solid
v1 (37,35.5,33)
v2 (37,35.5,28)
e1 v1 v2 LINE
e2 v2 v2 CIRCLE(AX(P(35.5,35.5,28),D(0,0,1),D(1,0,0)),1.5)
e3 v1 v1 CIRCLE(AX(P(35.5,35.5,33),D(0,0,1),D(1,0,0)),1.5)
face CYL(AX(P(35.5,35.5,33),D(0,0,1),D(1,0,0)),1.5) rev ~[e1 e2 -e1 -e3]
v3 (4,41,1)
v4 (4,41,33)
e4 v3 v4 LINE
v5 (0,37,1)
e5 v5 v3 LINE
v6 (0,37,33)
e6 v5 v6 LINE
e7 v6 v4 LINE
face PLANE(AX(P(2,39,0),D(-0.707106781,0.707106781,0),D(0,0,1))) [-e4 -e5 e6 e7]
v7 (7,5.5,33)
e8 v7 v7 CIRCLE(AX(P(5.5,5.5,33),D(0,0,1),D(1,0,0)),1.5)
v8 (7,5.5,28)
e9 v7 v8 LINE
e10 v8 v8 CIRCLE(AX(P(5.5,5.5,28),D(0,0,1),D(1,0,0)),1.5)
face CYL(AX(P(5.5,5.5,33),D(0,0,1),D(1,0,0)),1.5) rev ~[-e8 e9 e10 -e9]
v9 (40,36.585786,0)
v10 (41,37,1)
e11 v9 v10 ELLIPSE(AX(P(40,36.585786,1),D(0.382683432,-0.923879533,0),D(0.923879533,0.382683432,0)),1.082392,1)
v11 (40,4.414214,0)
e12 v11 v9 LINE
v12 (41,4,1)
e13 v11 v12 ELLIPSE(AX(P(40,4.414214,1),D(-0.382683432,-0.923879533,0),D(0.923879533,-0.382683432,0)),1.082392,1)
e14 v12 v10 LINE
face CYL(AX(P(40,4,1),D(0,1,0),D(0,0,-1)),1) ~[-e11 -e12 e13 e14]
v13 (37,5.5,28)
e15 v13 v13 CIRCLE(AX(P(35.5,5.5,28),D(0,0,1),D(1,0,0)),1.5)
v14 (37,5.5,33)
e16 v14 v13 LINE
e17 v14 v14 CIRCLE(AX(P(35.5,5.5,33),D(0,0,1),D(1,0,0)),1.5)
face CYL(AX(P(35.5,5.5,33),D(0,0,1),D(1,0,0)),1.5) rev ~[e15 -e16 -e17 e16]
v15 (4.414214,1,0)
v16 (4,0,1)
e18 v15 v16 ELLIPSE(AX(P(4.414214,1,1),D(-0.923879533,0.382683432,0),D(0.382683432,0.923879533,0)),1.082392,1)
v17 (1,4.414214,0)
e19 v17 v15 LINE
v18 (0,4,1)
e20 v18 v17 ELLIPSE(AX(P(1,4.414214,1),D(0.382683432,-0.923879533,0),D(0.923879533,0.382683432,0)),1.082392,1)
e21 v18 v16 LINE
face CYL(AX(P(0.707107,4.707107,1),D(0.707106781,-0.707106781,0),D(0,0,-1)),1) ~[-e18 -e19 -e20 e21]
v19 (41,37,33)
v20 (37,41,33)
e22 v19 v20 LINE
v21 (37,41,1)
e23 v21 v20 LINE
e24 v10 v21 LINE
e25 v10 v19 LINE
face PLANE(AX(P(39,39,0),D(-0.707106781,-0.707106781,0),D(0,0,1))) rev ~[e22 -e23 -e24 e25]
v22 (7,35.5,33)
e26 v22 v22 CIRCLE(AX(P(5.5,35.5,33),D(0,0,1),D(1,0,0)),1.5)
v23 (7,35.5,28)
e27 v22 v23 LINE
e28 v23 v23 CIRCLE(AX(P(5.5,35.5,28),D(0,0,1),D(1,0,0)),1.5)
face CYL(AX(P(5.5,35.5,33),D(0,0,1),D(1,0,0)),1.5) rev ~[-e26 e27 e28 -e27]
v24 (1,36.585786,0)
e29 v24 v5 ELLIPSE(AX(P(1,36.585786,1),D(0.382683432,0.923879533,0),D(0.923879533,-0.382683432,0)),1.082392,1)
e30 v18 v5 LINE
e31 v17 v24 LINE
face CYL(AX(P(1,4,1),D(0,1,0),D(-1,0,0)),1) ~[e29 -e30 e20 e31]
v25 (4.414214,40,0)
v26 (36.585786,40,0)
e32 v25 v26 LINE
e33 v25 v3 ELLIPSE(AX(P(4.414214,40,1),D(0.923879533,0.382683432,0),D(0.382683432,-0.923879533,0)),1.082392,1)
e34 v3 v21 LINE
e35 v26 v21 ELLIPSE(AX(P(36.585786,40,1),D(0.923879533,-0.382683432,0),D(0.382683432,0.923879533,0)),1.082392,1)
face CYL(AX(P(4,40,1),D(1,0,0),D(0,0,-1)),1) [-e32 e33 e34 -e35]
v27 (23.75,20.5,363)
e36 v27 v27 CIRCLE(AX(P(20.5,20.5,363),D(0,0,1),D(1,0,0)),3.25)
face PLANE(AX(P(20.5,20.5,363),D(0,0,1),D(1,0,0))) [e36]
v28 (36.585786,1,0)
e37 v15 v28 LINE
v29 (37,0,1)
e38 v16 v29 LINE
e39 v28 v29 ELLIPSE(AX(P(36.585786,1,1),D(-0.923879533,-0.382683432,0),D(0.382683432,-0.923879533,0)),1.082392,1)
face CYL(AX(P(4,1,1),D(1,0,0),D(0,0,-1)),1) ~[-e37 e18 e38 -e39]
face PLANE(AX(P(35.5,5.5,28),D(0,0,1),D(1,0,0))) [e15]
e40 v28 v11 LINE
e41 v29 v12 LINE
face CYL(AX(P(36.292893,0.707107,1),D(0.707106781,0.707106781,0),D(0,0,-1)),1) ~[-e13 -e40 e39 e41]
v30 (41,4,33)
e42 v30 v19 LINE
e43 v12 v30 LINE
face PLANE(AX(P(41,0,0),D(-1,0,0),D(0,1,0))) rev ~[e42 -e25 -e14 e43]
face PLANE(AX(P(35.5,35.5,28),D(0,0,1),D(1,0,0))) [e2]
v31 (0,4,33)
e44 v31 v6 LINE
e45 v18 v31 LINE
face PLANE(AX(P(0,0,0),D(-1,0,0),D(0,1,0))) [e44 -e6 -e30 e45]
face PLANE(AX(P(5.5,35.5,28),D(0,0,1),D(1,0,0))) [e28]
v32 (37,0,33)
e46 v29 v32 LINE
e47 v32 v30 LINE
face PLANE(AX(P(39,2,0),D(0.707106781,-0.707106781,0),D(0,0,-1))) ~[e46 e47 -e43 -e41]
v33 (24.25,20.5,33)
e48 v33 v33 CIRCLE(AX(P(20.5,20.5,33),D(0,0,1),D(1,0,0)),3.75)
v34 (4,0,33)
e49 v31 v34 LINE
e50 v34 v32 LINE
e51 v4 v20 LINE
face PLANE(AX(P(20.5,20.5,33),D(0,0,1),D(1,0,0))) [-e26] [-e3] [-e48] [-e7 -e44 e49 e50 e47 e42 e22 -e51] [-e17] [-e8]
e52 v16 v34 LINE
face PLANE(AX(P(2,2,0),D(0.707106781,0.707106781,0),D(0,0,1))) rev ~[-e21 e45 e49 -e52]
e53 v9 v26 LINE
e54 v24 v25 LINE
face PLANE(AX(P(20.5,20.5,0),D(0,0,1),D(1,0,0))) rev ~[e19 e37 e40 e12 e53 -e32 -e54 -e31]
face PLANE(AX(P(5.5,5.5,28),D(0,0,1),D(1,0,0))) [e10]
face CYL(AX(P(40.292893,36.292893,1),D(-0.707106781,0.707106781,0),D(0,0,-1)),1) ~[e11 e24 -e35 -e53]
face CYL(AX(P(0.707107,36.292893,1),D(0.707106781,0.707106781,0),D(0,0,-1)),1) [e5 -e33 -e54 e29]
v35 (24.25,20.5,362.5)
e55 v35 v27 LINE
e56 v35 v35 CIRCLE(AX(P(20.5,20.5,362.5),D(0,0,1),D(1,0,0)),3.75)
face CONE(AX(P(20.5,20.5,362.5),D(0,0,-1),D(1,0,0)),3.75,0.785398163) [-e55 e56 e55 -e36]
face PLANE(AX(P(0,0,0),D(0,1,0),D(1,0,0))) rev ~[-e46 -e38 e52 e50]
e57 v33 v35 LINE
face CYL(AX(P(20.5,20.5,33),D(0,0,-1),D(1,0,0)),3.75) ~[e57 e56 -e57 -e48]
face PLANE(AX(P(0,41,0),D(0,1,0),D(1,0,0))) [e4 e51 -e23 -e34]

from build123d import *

# Parameters (mm, degrees)
SKETCH_W        = 41
SKETCH_H        = 41
PAD_DEPTH       = 33
CHAMFER_SIZE    = 4
FILLET_R        = 1
SKETCH001_R     = 1.5
POCKET_DEPTH    = 5
SKETCH002_R     = 3.75
PAD001_DEPTH    = 330
CHAMFER001_SIZE = 0.5


with BuildPart() as part:
    # Sketch → Pad (new body)
    with BuildSketch(Plane.XY):
        with Locations((20.5, 20.5)):
            Rectangle(SKETCH_W, SKETCH_H)
    extrude(amount=PAD_DEPTH)

    # Chamfer
    chamfer_edges = [part.edges().sort_by_distance(p)[0] for p in [
        (41, 0, 16.5),
        (0, 0, 16.5),
        (0, 41, 16.5),
        (41, 41, 16.5),
    ]]
    chamfer(chamfer_edges, length=CHAMFER_SIZE)

    # Fillet
    fillet_edges = [part.edges().sort_by_distance(p)[0] for p in [
        (20.5, 0, 0),
        (39, 2, 0),
        (41, 20.5, 0),
        (39, 39, 0),
        (20.5, 41, 0),
        (2, 39, 0),
        (0, 20.5, 0),
        (2, 2, 0),
    ]]
    fillet(fillet_edges, radius=FILLET_R)

    # Sketch001 (on Face4 of Fillet) → Pocket (cut)
    with BuildSketch(Plane.XY.offset(33)):
        with Locations((35.5, 35.5)):
            Circle(SKETCH001_R)
        with Locations((5.5, 35.5)):
            Circle(SKETCH001_R)
        with Locations((5.5, 5.5)):
            Circle(SKETCH001_R)
        with Locations((35.5, 5.5)):
            Circle(SKETCH001_R)
    extrude(amount=-POCKET_DEPTH, mode=Mode.SUBTRACT)

    # Sketch002 (on Face4 of Pocket) → Pad001 (join)
    with BuildSketch(Plane.XY.offset(33)):
        with Locations((20.5, 20.5)):
            Circle(SKETCH002_R)
    extrude(amount=PAD001_DEPTH)

    # Chamfer001
    chamfer001_edges = [part.edges().sort_by_distance(p)[0] for p in [
        (16.75, 20.5, 363),
    ]]
    chamfer(chamfer001_edges, length=CHAMFER001_SIZE)


solid = part.part
